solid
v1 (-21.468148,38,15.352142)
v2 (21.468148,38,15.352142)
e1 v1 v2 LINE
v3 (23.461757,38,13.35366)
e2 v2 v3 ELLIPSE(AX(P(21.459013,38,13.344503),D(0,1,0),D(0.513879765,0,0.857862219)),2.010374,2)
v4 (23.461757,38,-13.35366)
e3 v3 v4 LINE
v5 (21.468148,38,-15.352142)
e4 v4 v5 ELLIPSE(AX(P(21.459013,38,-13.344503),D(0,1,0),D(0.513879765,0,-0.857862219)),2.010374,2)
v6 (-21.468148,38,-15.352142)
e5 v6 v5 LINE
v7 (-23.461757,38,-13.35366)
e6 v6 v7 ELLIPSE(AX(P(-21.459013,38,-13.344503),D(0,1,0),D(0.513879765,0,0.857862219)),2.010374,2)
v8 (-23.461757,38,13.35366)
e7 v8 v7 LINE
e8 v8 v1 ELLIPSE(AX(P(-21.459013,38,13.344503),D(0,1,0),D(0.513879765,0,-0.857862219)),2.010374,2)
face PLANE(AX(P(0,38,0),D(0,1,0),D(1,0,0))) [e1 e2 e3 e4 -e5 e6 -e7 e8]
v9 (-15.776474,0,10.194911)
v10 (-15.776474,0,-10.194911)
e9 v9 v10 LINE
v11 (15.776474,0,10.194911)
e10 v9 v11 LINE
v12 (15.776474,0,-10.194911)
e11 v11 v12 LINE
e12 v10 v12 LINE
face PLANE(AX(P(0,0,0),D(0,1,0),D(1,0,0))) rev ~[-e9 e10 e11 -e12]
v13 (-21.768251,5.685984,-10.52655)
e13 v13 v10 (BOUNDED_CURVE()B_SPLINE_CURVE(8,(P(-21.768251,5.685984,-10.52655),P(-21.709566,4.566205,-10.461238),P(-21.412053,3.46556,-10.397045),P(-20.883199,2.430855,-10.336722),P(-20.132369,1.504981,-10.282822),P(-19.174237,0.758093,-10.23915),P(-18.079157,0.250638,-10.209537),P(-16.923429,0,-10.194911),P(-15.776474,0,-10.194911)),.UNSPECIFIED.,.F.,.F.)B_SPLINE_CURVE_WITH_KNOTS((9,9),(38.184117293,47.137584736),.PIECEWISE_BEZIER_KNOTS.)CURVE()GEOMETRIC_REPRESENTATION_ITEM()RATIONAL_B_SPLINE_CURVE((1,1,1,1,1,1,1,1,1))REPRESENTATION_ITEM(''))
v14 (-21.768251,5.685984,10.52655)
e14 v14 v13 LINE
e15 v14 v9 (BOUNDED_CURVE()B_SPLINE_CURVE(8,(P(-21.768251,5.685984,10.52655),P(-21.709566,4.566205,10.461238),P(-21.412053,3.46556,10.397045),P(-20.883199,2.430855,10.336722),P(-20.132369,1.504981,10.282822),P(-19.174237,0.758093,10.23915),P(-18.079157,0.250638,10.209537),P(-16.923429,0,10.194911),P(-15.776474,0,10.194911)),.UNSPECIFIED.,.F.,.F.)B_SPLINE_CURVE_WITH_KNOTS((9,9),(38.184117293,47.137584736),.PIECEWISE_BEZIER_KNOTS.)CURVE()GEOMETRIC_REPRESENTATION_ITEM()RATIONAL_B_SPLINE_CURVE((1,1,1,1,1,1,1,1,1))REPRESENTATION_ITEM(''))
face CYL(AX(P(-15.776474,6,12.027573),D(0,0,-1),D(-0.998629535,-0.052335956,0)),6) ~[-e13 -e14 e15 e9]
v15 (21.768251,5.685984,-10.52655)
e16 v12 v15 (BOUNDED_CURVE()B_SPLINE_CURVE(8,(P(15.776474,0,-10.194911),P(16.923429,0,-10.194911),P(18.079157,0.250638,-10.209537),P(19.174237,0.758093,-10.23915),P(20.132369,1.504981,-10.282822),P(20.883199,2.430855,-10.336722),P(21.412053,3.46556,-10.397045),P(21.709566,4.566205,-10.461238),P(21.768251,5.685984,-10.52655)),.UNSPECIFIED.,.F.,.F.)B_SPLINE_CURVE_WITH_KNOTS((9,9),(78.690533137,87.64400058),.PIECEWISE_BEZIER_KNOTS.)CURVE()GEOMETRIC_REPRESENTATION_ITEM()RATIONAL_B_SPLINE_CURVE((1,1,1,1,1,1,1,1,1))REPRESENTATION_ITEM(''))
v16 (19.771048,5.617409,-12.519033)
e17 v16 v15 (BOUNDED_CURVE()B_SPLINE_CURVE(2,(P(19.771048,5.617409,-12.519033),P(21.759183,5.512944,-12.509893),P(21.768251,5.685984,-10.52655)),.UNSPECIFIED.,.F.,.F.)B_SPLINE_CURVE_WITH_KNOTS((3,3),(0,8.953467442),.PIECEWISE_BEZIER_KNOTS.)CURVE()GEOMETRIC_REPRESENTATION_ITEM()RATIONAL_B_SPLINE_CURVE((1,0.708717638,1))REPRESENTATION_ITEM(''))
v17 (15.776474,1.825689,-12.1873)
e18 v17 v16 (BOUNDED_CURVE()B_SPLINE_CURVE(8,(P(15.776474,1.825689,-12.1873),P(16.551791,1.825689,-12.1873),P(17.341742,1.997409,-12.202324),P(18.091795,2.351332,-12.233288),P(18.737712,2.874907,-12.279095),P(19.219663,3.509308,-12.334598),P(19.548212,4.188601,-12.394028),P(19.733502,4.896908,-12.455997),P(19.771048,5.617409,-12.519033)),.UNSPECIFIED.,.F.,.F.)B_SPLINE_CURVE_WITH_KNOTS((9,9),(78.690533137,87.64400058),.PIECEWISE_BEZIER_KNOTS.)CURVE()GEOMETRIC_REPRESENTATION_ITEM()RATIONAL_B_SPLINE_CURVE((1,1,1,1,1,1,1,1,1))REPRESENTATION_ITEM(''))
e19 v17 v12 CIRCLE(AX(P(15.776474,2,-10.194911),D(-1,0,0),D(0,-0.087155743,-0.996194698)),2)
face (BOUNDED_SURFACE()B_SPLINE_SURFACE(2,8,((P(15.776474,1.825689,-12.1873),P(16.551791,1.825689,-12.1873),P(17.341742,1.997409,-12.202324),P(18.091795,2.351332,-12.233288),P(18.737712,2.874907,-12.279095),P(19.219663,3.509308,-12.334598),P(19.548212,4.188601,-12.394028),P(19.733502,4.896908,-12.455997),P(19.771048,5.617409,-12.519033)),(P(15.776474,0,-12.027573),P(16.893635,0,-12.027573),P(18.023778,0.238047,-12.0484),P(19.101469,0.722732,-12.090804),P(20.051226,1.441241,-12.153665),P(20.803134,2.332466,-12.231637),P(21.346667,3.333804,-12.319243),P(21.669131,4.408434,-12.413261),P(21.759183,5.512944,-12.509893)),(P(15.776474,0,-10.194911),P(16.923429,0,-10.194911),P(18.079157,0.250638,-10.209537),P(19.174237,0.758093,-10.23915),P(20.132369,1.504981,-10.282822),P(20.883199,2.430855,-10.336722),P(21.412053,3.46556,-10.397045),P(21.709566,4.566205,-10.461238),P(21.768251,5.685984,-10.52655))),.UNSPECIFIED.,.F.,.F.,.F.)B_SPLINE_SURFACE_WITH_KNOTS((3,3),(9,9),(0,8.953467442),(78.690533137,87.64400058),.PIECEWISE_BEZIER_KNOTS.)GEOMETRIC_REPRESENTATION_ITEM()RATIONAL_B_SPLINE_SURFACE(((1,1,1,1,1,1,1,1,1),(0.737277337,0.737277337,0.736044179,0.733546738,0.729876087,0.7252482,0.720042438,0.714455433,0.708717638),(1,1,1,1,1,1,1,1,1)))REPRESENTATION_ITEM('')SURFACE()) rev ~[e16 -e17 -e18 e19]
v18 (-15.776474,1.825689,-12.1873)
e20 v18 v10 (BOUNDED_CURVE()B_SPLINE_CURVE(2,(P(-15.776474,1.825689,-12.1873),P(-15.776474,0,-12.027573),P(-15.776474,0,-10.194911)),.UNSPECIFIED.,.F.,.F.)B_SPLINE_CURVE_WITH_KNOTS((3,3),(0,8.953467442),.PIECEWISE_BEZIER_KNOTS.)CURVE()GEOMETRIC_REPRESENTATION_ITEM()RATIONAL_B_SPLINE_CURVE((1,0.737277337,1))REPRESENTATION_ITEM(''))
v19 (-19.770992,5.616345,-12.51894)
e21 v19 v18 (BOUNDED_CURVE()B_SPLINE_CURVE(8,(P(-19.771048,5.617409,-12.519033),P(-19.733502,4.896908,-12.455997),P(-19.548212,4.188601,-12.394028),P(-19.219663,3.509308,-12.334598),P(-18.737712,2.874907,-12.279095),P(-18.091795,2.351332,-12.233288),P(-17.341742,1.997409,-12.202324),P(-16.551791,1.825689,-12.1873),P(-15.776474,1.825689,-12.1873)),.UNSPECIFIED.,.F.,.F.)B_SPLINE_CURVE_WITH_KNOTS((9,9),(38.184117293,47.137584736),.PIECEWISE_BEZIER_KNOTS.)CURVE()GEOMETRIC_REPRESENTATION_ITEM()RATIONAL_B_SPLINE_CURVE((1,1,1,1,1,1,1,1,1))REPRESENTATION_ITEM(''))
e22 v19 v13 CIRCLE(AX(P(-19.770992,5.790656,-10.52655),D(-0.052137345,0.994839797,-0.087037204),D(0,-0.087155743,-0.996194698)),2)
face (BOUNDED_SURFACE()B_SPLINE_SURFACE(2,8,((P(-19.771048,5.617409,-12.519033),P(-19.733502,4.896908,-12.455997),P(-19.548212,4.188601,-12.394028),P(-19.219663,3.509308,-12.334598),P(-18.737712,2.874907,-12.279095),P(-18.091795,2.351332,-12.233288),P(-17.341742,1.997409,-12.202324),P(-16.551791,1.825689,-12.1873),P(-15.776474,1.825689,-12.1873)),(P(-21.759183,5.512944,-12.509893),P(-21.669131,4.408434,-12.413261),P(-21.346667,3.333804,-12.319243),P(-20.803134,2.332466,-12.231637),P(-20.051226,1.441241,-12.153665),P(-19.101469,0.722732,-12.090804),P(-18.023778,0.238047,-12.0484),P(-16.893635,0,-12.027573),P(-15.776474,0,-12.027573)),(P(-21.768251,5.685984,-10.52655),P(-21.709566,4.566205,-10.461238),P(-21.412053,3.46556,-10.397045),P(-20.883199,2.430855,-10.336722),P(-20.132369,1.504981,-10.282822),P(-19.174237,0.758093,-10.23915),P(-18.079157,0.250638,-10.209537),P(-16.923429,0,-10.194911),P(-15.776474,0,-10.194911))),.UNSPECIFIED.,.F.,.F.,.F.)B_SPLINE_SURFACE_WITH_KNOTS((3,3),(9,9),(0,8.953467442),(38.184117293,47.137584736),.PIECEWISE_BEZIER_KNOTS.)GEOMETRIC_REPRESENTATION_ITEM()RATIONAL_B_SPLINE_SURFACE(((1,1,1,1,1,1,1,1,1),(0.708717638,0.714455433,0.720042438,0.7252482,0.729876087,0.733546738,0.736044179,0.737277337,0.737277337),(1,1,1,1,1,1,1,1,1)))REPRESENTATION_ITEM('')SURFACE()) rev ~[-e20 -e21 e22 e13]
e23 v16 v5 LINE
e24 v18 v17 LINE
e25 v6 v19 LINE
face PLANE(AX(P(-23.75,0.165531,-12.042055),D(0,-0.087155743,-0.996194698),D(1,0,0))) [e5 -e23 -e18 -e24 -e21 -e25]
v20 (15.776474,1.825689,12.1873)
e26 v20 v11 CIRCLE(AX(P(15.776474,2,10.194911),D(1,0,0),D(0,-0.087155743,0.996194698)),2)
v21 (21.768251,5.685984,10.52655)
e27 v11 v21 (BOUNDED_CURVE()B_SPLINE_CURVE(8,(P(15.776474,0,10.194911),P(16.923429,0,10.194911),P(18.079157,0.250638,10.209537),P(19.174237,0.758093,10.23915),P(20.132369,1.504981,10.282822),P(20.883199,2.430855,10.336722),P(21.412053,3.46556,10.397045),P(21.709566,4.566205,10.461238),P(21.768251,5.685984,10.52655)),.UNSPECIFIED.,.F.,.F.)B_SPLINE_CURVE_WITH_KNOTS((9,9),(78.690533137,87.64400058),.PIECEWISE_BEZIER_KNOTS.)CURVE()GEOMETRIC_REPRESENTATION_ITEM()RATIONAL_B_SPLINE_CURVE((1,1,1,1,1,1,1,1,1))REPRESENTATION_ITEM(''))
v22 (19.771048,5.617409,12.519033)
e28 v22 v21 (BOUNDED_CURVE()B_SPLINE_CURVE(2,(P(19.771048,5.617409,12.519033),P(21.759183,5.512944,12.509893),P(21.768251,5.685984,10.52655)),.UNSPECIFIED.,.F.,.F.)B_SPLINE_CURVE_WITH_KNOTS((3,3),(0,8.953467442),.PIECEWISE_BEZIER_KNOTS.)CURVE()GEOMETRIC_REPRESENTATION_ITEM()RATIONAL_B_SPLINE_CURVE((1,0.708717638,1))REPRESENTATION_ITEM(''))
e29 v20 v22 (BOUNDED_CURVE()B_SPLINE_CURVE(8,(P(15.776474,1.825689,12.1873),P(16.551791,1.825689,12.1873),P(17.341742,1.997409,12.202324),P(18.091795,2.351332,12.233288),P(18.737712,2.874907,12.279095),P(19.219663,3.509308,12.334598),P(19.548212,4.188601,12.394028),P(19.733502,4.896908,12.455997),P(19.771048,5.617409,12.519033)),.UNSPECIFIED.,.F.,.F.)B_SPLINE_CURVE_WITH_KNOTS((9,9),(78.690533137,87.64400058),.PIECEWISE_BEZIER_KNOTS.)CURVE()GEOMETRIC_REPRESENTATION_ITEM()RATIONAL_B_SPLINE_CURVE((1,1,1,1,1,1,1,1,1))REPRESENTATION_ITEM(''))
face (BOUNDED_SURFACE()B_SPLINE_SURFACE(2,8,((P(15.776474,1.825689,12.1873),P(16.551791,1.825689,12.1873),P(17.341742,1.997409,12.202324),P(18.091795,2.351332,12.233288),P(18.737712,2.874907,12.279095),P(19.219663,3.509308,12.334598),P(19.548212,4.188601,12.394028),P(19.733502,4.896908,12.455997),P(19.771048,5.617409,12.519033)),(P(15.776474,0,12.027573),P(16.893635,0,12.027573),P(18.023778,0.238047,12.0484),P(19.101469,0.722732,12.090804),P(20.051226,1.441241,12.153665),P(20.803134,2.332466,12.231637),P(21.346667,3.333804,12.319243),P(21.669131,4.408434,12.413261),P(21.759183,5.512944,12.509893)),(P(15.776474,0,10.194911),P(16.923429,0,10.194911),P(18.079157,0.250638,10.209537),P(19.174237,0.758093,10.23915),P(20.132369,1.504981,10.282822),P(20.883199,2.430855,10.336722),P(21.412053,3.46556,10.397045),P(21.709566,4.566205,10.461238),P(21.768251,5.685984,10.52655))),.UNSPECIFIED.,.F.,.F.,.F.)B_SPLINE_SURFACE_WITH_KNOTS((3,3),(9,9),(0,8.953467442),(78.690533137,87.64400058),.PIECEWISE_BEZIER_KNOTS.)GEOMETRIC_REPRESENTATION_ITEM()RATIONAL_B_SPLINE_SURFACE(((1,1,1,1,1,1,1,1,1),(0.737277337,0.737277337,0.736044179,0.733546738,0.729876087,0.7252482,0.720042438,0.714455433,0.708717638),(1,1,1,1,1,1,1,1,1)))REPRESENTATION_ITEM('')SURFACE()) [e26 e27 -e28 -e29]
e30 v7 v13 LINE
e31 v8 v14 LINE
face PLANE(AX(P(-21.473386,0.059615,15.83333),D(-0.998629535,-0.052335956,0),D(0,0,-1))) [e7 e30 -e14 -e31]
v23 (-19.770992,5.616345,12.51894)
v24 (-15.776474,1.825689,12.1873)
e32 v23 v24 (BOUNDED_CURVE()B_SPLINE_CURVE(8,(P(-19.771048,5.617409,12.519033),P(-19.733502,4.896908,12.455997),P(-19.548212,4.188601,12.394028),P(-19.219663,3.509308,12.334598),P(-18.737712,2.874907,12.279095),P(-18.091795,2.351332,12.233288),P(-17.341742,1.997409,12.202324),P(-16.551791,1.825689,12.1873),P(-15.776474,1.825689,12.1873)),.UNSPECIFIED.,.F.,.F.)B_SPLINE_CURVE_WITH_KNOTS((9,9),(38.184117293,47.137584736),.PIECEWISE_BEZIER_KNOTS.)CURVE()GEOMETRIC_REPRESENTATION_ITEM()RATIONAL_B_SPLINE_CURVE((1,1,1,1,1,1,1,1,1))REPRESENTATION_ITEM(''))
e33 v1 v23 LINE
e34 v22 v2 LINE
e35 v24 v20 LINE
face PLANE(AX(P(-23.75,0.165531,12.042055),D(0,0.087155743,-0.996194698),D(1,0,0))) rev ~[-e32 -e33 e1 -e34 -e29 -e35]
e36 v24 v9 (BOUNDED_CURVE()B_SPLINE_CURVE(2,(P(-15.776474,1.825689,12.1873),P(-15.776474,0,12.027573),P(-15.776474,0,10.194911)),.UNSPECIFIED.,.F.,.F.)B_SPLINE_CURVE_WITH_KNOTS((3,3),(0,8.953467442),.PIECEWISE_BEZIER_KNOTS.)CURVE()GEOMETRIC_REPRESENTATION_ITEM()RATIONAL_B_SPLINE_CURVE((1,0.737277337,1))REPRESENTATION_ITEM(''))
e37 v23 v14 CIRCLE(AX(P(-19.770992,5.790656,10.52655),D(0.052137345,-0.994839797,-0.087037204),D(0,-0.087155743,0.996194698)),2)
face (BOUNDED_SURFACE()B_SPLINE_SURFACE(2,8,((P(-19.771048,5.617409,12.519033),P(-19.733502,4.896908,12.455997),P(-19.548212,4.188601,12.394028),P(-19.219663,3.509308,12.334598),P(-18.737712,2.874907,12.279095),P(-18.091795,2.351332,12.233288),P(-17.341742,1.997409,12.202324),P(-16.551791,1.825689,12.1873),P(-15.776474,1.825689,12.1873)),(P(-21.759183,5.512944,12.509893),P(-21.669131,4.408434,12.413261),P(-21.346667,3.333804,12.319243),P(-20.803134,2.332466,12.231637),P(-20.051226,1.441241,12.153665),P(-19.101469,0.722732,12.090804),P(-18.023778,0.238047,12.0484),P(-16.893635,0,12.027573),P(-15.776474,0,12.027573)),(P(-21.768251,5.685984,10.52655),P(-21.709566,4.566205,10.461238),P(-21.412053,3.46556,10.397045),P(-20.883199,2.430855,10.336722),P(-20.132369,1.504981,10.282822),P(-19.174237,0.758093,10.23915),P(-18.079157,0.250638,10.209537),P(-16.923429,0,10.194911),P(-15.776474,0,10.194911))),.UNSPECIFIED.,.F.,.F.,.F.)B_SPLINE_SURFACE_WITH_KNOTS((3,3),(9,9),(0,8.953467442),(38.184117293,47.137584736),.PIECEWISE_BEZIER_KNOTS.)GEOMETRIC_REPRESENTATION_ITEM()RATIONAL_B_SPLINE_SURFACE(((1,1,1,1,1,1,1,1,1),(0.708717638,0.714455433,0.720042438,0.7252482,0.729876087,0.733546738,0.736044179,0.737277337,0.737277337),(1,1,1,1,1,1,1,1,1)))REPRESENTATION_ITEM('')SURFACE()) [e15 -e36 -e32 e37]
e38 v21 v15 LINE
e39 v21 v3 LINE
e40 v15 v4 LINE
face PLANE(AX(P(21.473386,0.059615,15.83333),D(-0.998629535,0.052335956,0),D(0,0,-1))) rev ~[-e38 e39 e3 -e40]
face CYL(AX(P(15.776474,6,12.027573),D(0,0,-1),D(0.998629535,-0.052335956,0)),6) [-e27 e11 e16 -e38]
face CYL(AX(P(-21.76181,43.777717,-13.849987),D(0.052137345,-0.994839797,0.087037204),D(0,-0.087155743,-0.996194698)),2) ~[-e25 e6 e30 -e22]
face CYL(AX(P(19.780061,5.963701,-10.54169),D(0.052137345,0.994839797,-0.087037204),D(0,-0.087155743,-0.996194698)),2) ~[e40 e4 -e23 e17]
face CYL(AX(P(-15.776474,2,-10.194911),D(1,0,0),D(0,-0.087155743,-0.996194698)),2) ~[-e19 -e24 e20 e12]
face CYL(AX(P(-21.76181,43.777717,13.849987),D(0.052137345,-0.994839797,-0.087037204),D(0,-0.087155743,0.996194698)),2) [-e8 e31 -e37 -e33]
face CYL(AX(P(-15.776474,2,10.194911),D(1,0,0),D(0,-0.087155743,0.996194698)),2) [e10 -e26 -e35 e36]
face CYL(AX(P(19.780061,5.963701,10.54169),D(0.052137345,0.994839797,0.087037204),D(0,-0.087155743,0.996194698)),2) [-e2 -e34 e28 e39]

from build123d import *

# Parameters (mm, degrees)
SKETCH2_W           = 47.5
SKETCH2_H           = 31.66666
BOSS_EXTRUDE1_DEPTH = 43.5
DRAFT2_ANGLE        = -5
DRAFT3_ANGLE        = -5
DRAFT4_ANGLE        = -3
DRAFT5_ANGLE        = -3
FILLET1_R           = 6
FILLET2_R           = 2
SKETCH3_W           = 65.927175626
SKETCH3_H           = 41.406577606
CUT_EXTRUDE1_DEPTH  = 5.5


with BuildPart() as part:
    # Sketch2 → Boss-Extrude1 (new body)
    with BuildSketch(Plane(origin=(0, 0, 0), x_dir=(1, 0, 0), z_dir=(0, 1, 0))):
        Rectangle(SKETCH2_W, SKETCH2_H)
    extrude(amount=BOSS_EXTRUDE1_DEPTH)

    # Draft2
    draft2_faces = [part.faces().sort_by_distance(p)[0] for p in [
        (0, 21.75, 15.83333),
    ]]
    draft(draft2_faces, Plane.ZX.offset(43.5), DRAFT2_ANGLE)

    # Draft3
    draft3_faces = [part.faces().sort_by_distance(p)[0] for p in [
        (0, 21.75, -15.83333),
    ]]
    draft(draft3_faces, Plane.ZX.offset(43.5), DRAFT3_ANGLE)

    # Draft4
    draft4_faces = [part.faces().sort_by_distance(p)[0] for p in [
        (-23.75, 22.740338939, 0),
    ]]
    draft(draft4_faces, Plane.ZX.offset(43.5), DRAFT4_ANGLE)

    # Draft5
    draft5_faces = [part.faces().sort_by_distance(p)[0] for p in [
        (23.75, 22.740338939, 0),
    ]]
    draft(draft5_faces, Plane.ZX.offset(43.5), DRAFT5_ANGLE)

    # Fillet1
    fillet1_edges = [part.edges().sort_by_distance(p)[0] for p in [
        (21.470261601, 0, 0),
        (-21.470261601, 0, 0),
    ]]
    fillet(fillet1_edges, radius=FILLET1_R)

    # Fillet2
    fillet2_edges = [part.edges().sort_by_distance(p)[0] for p in [
        (23.75, 43.5, 0),
        (0, 43.5, -15.83333),
        (0, 0, 12.027573137),
        (19.910526358, 1.651481544, 12.17205905),
        (-19.910526358, 1.651481544, 12.17205905),
        (0, 0, -12.027573137),
        (19.910526358, 1.651481544, -12.17205905),
        (-19.910526358, 1.651481544, -12.17205905),
        (-23.75, 43.5, 0),
        (0, 43.5, 15.83333),
        (-22.759125705, 24.592992131, -14.17918115),
        (22.759125705, 24.592992131, -14.17918115),
        (22.759125705, 24.592992131, 14.17918115),
        (-22.759125705, 24.592992131, 14.17918115),
    ]]
    fillet(fillet2_edges, radius=FILLET2_R)

    # Sketch3 → Cut-Extrude1 (cut)
    with BuildSketch(Plane(origin=(0, 43.5, 0), x_dir=(1, 0, 0), z_dir=(0, 1, 0))):
        Rectangle(SKETCH3_W, SKETCH3_H)
    extrude(amount=-CUT_EXTRUDE1_DEPTH, mode=Mode.SUBTRACT)


solid = part.part
